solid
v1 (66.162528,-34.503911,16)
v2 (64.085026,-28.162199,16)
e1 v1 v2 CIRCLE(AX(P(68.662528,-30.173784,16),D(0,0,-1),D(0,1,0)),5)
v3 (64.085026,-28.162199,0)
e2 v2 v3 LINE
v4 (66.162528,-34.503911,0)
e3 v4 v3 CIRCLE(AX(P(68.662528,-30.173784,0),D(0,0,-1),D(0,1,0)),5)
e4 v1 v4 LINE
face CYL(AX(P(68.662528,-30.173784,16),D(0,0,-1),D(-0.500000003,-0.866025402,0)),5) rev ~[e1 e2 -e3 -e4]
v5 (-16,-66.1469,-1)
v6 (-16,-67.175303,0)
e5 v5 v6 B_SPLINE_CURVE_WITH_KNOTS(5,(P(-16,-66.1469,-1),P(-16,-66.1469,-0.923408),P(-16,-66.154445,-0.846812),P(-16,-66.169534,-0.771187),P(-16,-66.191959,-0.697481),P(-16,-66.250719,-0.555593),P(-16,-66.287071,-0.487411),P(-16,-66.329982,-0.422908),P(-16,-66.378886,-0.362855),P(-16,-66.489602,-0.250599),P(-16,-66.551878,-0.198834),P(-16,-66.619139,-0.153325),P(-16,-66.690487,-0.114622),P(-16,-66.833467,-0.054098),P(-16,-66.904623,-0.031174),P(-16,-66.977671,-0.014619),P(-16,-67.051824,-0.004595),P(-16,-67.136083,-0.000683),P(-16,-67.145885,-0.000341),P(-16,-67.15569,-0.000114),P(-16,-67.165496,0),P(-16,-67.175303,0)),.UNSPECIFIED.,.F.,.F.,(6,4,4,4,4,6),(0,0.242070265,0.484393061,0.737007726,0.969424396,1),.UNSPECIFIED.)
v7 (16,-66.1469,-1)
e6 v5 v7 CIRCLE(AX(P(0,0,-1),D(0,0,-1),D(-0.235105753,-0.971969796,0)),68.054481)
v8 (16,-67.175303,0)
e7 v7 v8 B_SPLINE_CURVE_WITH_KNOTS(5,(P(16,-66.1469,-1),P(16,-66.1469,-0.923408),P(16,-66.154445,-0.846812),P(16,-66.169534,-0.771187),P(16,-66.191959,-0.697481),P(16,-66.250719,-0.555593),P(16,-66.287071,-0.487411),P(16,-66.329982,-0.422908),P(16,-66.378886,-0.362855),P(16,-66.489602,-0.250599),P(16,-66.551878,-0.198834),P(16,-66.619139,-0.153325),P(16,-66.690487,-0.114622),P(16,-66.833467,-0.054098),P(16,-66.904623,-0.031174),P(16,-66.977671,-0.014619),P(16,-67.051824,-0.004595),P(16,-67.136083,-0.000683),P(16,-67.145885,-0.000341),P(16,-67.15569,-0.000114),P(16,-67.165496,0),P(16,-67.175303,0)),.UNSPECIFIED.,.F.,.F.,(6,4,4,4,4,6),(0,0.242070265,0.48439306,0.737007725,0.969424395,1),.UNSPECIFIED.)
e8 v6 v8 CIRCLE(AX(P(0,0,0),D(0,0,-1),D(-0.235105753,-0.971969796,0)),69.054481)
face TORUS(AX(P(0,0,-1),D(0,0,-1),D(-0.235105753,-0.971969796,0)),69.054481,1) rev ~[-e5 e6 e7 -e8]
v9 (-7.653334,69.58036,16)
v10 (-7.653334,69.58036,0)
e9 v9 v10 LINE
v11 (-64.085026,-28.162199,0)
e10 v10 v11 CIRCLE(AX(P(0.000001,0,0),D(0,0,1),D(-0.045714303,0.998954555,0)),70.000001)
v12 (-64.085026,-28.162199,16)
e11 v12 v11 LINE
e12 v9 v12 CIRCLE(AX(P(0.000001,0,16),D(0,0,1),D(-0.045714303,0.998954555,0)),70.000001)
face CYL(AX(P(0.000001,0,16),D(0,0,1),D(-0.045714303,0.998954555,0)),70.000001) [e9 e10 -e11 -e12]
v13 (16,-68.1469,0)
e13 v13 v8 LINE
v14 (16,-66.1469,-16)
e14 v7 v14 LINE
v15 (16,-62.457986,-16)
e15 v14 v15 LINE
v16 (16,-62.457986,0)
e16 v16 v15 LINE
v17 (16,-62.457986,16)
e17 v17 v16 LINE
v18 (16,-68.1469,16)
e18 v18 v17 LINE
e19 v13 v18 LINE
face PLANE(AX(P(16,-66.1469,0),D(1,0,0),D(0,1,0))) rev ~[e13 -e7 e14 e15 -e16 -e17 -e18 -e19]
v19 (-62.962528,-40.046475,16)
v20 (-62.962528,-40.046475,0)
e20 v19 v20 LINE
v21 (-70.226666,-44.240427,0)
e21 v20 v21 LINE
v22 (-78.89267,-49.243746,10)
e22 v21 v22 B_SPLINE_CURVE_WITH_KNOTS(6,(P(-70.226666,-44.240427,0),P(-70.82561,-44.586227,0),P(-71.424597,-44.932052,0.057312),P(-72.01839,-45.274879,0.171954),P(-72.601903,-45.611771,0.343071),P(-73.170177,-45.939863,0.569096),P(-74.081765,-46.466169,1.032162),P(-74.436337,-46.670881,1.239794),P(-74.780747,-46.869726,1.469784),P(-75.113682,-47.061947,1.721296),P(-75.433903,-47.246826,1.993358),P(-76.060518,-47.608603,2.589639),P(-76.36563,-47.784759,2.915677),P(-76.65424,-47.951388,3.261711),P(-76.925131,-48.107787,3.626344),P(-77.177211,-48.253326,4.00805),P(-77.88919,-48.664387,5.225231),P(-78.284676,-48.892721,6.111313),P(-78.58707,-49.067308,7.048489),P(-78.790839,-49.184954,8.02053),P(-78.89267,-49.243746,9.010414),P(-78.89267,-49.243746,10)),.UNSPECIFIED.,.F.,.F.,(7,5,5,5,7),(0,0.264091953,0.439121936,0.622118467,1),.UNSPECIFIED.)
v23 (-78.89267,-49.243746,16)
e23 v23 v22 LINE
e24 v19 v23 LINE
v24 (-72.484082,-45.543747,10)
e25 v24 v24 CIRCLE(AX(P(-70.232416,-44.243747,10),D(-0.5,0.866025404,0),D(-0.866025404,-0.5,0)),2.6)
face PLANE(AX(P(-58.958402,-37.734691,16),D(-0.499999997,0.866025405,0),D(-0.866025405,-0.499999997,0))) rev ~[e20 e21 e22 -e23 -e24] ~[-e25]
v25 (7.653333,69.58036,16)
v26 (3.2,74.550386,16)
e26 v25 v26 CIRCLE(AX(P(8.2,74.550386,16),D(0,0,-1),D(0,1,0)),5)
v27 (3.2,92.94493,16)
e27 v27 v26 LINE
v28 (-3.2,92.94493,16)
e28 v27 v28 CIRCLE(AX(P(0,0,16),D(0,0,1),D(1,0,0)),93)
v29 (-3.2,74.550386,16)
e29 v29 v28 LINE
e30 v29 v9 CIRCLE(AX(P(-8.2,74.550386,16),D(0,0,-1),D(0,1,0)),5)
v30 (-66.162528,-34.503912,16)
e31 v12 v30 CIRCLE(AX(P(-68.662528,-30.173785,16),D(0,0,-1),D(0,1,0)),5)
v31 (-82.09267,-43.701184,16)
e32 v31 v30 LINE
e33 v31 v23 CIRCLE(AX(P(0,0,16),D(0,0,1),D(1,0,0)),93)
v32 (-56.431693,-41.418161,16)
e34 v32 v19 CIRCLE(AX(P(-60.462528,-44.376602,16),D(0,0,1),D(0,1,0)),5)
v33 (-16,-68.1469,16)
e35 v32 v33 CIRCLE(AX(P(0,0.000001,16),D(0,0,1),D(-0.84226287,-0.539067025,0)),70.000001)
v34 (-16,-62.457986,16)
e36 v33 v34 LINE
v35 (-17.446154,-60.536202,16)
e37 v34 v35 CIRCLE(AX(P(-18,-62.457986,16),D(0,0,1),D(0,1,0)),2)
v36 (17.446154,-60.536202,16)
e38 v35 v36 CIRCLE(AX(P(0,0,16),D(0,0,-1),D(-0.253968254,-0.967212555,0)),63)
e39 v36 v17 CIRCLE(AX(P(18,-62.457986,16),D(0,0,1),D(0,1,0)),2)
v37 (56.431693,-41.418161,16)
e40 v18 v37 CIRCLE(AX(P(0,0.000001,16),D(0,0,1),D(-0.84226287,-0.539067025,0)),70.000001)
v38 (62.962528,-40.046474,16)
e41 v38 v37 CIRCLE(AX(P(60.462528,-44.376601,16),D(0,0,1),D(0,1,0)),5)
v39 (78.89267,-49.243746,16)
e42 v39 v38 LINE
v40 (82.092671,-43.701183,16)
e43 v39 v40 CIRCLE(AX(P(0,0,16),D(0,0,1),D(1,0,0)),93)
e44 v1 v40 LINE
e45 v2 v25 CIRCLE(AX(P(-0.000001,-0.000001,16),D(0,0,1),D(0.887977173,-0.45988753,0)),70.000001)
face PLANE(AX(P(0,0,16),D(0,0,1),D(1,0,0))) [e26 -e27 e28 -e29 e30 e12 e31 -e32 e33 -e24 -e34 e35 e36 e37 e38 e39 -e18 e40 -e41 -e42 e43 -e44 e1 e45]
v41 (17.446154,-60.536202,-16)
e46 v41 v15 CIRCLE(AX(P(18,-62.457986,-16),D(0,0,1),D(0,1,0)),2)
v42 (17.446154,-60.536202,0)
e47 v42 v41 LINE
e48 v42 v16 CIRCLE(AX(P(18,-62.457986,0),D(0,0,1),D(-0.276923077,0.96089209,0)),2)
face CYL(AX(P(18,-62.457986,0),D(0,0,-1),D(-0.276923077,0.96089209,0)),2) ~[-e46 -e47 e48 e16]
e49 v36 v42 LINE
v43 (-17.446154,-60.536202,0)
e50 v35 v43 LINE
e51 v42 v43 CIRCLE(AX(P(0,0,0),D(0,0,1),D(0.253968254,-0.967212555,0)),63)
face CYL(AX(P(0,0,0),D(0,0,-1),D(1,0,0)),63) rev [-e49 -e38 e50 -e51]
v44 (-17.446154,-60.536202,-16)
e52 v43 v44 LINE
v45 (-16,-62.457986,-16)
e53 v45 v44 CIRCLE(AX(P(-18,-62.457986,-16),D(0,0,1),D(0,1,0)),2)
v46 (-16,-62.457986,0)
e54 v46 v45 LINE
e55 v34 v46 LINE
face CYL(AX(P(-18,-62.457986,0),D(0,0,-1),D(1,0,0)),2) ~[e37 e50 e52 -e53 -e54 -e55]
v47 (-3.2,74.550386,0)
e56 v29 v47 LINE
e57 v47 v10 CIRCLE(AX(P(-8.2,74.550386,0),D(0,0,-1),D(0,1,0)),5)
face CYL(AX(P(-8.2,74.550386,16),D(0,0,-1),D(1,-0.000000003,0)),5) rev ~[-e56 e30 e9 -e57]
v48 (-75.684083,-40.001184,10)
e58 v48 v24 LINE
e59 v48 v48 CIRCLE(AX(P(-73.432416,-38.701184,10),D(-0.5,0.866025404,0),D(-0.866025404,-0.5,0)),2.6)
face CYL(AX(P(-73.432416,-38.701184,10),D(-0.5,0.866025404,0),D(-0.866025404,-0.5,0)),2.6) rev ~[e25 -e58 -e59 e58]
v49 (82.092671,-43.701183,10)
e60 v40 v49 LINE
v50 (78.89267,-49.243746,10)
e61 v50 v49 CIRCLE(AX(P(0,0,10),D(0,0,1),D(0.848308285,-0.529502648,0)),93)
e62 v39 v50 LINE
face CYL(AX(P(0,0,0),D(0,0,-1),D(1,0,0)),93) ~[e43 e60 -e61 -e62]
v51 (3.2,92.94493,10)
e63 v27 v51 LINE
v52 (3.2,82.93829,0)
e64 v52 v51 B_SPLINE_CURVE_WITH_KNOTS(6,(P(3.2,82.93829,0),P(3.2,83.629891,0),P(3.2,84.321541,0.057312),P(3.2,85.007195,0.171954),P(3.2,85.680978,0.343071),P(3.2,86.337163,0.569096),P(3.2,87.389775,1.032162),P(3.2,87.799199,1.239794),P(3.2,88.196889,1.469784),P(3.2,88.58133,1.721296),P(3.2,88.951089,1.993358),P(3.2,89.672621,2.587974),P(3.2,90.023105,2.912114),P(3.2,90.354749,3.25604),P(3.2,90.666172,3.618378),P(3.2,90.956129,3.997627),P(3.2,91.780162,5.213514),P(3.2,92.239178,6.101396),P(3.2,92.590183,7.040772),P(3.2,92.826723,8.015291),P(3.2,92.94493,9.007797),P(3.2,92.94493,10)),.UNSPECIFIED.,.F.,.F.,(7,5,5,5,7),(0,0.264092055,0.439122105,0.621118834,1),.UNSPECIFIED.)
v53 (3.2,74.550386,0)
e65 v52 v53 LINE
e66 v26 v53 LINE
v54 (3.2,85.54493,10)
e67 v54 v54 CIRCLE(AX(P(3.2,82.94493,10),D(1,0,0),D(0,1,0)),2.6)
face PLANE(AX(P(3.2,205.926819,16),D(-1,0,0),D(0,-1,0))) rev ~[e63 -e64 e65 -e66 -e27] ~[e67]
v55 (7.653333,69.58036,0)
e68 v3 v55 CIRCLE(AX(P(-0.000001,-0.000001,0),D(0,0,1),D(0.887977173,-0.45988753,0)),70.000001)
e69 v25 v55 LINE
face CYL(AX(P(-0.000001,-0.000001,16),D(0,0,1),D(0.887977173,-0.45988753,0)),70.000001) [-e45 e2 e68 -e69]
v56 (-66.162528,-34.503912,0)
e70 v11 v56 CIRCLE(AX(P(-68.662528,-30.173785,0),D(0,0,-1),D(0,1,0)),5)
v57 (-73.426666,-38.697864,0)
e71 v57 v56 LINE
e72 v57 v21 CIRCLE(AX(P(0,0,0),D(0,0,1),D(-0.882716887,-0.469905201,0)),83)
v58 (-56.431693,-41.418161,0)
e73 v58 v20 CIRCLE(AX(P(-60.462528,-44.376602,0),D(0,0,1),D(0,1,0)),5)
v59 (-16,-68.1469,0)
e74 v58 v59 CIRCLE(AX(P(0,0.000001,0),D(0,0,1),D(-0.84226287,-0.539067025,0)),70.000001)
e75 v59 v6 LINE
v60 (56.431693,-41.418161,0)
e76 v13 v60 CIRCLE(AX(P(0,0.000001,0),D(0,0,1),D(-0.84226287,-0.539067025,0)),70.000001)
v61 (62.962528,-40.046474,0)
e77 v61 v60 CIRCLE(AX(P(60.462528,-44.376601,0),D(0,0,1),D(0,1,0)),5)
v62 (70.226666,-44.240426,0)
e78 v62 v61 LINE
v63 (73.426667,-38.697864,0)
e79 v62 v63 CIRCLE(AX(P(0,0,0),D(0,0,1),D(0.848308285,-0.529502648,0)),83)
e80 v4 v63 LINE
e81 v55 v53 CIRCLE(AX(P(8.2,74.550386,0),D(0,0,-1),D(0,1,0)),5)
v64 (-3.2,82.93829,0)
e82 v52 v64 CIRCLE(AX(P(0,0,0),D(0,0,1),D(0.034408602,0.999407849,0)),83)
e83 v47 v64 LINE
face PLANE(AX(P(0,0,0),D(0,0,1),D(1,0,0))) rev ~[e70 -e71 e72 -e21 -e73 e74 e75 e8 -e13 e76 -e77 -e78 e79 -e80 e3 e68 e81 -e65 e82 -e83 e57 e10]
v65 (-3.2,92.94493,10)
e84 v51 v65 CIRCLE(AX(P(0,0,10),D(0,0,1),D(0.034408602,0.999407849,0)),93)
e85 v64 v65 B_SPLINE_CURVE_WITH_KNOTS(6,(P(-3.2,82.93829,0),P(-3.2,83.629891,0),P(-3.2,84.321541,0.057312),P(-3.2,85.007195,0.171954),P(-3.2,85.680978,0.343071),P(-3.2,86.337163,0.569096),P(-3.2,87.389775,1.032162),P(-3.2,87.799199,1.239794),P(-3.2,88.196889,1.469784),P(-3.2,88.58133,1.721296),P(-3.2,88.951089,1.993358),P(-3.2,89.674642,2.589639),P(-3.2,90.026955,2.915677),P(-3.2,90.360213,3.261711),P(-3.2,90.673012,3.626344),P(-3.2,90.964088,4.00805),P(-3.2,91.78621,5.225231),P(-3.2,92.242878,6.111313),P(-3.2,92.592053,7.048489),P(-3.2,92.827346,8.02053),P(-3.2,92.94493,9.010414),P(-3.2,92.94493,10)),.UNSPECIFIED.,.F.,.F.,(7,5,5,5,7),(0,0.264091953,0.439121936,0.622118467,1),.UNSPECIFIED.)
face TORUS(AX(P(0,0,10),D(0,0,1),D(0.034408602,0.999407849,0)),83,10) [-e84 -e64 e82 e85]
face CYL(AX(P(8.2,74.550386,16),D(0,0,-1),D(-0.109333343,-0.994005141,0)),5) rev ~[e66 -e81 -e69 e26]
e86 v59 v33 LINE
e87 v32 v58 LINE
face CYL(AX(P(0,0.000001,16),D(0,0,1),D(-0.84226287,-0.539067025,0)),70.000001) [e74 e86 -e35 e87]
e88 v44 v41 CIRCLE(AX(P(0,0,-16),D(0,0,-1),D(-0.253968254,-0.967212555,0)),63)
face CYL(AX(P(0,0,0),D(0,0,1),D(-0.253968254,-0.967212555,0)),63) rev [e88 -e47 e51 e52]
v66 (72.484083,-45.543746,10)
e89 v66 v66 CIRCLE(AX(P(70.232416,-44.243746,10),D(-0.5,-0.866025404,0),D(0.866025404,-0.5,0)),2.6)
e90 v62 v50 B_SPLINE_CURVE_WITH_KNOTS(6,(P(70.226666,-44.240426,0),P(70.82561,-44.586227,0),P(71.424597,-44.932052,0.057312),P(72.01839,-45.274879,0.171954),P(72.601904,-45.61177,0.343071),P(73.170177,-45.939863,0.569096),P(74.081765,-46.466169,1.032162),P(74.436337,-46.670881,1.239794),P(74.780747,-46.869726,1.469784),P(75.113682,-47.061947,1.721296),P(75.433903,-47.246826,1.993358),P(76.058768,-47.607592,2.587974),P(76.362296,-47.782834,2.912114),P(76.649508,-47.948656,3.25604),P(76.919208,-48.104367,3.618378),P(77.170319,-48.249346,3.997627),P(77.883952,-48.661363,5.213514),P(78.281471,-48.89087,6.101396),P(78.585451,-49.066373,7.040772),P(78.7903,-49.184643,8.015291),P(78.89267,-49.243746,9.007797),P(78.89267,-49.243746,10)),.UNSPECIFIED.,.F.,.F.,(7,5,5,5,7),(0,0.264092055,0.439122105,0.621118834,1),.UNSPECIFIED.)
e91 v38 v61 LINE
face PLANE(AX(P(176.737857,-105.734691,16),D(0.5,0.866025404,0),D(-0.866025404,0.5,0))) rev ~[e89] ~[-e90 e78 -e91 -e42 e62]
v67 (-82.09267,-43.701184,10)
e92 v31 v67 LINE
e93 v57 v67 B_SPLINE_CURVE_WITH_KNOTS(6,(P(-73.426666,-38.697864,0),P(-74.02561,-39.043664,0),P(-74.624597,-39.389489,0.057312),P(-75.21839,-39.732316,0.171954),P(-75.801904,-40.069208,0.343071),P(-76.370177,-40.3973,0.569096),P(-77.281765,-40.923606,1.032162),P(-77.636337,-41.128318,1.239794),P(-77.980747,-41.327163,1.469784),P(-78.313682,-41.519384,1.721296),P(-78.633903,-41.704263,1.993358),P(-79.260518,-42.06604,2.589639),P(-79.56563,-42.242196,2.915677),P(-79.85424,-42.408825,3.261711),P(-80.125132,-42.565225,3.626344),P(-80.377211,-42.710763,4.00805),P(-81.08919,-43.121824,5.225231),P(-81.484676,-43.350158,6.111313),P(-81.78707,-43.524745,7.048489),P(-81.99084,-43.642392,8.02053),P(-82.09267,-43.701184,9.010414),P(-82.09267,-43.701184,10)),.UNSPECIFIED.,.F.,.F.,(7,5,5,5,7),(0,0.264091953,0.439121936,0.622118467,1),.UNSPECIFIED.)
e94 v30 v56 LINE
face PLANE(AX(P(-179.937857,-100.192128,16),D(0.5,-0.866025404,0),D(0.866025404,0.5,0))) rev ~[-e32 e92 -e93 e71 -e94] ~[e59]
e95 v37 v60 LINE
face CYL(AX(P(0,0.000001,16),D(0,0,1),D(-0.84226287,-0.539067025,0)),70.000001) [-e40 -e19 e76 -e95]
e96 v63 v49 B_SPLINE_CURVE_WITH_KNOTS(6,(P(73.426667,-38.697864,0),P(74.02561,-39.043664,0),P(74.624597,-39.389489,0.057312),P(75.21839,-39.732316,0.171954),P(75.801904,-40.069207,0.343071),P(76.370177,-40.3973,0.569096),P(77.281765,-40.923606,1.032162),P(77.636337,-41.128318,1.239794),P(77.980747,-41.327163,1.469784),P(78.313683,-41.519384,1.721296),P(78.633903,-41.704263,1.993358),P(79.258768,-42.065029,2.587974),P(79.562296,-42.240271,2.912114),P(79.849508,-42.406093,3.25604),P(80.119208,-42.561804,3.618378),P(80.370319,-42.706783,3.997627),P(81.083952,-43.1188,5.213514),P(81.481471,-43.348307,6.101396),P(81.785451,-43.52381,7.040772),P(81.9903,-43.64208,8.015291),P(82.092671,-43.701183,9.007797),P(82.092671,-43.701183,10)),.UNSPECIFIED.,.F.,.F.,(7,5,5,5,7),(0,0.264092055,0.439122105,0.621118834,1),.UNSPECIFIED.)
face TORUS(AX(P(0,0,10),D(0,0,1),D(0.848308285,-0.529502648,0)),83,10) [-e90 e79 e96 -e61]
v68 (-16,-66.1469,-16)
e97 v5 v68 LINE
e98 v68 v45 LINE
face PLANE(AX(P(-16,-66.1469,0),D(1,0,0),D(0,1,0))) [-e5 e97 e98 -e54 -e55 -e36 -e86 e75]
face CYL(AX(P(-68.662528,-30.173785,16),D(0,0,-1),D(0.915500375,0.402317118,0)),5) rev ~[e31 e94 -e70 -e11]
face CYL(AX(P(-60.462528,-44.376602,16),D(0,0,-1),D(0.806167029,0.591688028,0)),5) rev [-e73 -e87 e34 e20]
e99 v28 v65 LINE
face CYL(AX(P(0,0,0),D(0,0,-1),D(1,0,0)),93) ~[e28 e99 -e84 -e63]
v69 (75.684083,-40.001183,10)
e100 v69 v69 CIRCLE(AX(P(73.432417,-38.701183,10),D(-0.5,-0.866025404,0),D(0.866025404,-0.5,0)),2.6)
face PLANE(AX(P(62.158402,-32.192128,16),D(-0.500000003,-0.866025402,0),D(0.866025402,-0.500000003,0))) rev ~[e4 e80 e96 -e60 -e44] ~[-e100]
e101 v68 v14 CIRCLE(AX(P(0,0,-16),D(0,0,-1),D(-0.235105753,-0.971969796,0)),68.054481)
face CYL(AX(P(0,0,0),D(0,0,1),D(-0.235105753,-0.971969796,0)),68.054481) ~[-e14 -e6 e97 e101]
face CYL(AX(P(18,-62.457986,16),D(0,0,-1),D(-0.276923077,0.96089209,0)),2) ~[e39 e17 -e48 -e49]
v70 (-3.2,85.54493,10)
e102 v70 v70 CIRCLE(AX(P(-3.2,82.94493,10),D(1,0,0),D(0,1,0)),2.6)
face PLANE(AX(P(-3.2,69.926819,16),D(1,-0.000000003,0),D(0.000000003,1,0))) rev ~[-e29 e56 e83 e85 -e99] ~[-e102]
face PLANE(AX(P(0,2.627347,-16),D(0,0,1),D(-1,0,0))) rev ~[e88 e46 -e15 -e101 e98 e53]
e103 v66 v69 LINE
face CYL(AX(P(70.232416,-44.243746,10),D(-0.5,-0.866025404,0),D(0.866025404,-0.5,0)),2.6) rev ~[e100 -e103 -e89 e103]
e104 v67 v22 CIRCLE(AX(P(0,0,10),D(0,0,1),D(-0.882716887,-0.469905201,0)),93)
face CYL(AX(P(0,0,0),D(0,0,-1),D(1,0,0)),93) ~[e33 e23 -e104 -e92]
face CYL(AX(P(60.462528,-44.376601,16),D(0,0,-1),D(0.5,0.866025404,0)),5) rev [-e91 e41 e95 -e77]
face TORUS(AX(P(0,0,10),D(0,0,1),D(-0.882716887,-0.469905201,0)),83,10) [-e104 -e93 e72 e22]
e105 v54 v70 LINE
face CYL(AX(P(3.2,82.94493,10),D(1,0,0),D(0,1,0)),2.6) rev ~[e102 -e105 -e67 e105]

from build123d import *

# Parameters (mm, degrees)
SKETCH_R              = 93
SKETCH_R_2            = 63
PAD_DEPTH             = 16
POCKET_DEPTH          = 543.060769
POLARPATTERN_COUNT    = 3
SKETCH002_W           = 32
SKETCH002_H           = 146
POCKET001_DEPTH       = 16.001
SKETCH003_R           = 2.6
POCKET002_DEPTH       = 546.51444
POLARPATTERN001_COUNT = 3
PAD001_DEPTH          = 16
FILLET_R              = 1
FILLET001_R           = 2
FILLET002_R           = 10
FILLET003_R           = 5


with BuildPart() as part:
    # Sketch → Pad (new body)
    with BuildSketch(Plane.XY):
        Circle(SKETCH_R)
        Circle(SKETCH_R_2, mode=Mode.SUBTRACT)
    extrude(amount=PAD_DEPTH)

    # Sketch001 (on Face4 of Pad) → Pocket (cut, through all)
    with BuildSketch(Plane.XY.offset(16)):
        with BuildLine():
            ThreePointArc((62.158402, -32.192128), (60.621778, 35), (3.2, 69.926819))
            Line((3.2, 205.926819), (3.2, 69.926819))
            ThreePointArc((179.937856, -100.192128), (178.359387, 102.97584), (3.2, 205.926819))
            Line((62.158402, -32.192128), (179.937856, -100.192128))
        make_face()
    pocket = extrude(amount=-POCKET_DEPTH, mode=Mode.SUBTRACT)

    # PolarPattern: Pocket ×3 about axis
    polarpattern_axis = Axis((0, 0, 16), (0, 0, 1))
    for i in range(1, POLARPATTERN_COUNT):
        add(pocket.rotate(polarpattern_axis, i * 360 / POLARPATTERN_COUNT), mode=Mode.SUBTRACT)

    # Sketch002 (on Face4 of PolarPattern) → Pocket001 (cut, through all)
    with BuildSketch(Plane.XY.offset(16)):
        with Locations((0, -73)):
            Rectangle(SKETCH002_W, SKETCH002_H)
    extrude(amount=-POCKET001_DEPTH, mode=Mode.SUBTRACT)

    # Sketch003 (on Face5 of Pocket001) → Pocket002 (cut, through all)
    with BuildSketch(Plane.YZ.offset(3.2)):
        with Locations((82.94493, 10)):
            Circle(SKETCH003_R)
    pocket002 = extrude(amount=-POCKET002_DEPTH, mode=Mode.SUBTRACT)

    # PolarPattern001: Pocket002 ×3 about axis
    polarpattern001_axis = Axis((0, 0, 0), (0, 0, 1))
    for i in range(1, POLARPATTERN001_COUNT):
        add(pocket002.rotate(polarpattern001_axis, i * 360 / POLARPATTERN001_COUNT), mode=Mode.SUBTRACT)

    # Sketch004 (on Face2 of PolarPattern001) → Pad001 (join)
    with BuildSketch(Plane(origin=(0, 0, 0), x_dir=(1, 0, 0), z_dir=(0, 0, -1))):
        with BuildLine():
            ThreePointArc((-16, 60.934391), (0, -63), (16, 60.934391))
            Line((16, 66.1469), (16, 60.934391))
            ThreePointArc((-16, 66.1469), (0, -68.054481), (16, 66.1469))
            Line((-16, 66.1469), (-16, 60.934391))
        make_face()
    extrude(amount=PAD001_DEPTH)

    # Fillet
    fillet_edges = [part.edges().sort_by_distance(p)[0] for p in [
        (0, 68.054481, 0),
    ]]
    fillet(fillet_edges, radius=FILLET_R)

    # Fillet001
    fillet001_edges = [part.edges().sort_by_distance(p)[0] for p in [
        (-16, -60.934391, -8),
        (-16, -60.934391, 8),
        (16, -60.934391, -8),
        (16, -60.934391, 8),
    ]]
    fillet(fillet001_edges, radius=FILLET001_R)

    # Fillet002
    fillet002_edges = [part.edges().sort_by_distance(p)[0] for p in [
        (-80.540363, -46.5, 0),
        (80.540363, -46.5, 0),
        (0, 93, 0),
    ]]
    fillet(fillet002_edges, radius=FILLET002_R)

    # Fillet003
    fillet003_edges = [part.edges().sort_by_distance(p)[0] for p in [
        (62.158402, -32.192128, 8),
        (58.958402, -37.734691, 8),
        (-58.958402, -37.734691, 8),
        (-62.158402, -32.192128, 8),
        (-3.2, 69.926819, 8),
        (3.2, 69.926819, 8),
    ]]
    fillet(fillet003_edges, radius=FILLET003_R)


solid = part.part
